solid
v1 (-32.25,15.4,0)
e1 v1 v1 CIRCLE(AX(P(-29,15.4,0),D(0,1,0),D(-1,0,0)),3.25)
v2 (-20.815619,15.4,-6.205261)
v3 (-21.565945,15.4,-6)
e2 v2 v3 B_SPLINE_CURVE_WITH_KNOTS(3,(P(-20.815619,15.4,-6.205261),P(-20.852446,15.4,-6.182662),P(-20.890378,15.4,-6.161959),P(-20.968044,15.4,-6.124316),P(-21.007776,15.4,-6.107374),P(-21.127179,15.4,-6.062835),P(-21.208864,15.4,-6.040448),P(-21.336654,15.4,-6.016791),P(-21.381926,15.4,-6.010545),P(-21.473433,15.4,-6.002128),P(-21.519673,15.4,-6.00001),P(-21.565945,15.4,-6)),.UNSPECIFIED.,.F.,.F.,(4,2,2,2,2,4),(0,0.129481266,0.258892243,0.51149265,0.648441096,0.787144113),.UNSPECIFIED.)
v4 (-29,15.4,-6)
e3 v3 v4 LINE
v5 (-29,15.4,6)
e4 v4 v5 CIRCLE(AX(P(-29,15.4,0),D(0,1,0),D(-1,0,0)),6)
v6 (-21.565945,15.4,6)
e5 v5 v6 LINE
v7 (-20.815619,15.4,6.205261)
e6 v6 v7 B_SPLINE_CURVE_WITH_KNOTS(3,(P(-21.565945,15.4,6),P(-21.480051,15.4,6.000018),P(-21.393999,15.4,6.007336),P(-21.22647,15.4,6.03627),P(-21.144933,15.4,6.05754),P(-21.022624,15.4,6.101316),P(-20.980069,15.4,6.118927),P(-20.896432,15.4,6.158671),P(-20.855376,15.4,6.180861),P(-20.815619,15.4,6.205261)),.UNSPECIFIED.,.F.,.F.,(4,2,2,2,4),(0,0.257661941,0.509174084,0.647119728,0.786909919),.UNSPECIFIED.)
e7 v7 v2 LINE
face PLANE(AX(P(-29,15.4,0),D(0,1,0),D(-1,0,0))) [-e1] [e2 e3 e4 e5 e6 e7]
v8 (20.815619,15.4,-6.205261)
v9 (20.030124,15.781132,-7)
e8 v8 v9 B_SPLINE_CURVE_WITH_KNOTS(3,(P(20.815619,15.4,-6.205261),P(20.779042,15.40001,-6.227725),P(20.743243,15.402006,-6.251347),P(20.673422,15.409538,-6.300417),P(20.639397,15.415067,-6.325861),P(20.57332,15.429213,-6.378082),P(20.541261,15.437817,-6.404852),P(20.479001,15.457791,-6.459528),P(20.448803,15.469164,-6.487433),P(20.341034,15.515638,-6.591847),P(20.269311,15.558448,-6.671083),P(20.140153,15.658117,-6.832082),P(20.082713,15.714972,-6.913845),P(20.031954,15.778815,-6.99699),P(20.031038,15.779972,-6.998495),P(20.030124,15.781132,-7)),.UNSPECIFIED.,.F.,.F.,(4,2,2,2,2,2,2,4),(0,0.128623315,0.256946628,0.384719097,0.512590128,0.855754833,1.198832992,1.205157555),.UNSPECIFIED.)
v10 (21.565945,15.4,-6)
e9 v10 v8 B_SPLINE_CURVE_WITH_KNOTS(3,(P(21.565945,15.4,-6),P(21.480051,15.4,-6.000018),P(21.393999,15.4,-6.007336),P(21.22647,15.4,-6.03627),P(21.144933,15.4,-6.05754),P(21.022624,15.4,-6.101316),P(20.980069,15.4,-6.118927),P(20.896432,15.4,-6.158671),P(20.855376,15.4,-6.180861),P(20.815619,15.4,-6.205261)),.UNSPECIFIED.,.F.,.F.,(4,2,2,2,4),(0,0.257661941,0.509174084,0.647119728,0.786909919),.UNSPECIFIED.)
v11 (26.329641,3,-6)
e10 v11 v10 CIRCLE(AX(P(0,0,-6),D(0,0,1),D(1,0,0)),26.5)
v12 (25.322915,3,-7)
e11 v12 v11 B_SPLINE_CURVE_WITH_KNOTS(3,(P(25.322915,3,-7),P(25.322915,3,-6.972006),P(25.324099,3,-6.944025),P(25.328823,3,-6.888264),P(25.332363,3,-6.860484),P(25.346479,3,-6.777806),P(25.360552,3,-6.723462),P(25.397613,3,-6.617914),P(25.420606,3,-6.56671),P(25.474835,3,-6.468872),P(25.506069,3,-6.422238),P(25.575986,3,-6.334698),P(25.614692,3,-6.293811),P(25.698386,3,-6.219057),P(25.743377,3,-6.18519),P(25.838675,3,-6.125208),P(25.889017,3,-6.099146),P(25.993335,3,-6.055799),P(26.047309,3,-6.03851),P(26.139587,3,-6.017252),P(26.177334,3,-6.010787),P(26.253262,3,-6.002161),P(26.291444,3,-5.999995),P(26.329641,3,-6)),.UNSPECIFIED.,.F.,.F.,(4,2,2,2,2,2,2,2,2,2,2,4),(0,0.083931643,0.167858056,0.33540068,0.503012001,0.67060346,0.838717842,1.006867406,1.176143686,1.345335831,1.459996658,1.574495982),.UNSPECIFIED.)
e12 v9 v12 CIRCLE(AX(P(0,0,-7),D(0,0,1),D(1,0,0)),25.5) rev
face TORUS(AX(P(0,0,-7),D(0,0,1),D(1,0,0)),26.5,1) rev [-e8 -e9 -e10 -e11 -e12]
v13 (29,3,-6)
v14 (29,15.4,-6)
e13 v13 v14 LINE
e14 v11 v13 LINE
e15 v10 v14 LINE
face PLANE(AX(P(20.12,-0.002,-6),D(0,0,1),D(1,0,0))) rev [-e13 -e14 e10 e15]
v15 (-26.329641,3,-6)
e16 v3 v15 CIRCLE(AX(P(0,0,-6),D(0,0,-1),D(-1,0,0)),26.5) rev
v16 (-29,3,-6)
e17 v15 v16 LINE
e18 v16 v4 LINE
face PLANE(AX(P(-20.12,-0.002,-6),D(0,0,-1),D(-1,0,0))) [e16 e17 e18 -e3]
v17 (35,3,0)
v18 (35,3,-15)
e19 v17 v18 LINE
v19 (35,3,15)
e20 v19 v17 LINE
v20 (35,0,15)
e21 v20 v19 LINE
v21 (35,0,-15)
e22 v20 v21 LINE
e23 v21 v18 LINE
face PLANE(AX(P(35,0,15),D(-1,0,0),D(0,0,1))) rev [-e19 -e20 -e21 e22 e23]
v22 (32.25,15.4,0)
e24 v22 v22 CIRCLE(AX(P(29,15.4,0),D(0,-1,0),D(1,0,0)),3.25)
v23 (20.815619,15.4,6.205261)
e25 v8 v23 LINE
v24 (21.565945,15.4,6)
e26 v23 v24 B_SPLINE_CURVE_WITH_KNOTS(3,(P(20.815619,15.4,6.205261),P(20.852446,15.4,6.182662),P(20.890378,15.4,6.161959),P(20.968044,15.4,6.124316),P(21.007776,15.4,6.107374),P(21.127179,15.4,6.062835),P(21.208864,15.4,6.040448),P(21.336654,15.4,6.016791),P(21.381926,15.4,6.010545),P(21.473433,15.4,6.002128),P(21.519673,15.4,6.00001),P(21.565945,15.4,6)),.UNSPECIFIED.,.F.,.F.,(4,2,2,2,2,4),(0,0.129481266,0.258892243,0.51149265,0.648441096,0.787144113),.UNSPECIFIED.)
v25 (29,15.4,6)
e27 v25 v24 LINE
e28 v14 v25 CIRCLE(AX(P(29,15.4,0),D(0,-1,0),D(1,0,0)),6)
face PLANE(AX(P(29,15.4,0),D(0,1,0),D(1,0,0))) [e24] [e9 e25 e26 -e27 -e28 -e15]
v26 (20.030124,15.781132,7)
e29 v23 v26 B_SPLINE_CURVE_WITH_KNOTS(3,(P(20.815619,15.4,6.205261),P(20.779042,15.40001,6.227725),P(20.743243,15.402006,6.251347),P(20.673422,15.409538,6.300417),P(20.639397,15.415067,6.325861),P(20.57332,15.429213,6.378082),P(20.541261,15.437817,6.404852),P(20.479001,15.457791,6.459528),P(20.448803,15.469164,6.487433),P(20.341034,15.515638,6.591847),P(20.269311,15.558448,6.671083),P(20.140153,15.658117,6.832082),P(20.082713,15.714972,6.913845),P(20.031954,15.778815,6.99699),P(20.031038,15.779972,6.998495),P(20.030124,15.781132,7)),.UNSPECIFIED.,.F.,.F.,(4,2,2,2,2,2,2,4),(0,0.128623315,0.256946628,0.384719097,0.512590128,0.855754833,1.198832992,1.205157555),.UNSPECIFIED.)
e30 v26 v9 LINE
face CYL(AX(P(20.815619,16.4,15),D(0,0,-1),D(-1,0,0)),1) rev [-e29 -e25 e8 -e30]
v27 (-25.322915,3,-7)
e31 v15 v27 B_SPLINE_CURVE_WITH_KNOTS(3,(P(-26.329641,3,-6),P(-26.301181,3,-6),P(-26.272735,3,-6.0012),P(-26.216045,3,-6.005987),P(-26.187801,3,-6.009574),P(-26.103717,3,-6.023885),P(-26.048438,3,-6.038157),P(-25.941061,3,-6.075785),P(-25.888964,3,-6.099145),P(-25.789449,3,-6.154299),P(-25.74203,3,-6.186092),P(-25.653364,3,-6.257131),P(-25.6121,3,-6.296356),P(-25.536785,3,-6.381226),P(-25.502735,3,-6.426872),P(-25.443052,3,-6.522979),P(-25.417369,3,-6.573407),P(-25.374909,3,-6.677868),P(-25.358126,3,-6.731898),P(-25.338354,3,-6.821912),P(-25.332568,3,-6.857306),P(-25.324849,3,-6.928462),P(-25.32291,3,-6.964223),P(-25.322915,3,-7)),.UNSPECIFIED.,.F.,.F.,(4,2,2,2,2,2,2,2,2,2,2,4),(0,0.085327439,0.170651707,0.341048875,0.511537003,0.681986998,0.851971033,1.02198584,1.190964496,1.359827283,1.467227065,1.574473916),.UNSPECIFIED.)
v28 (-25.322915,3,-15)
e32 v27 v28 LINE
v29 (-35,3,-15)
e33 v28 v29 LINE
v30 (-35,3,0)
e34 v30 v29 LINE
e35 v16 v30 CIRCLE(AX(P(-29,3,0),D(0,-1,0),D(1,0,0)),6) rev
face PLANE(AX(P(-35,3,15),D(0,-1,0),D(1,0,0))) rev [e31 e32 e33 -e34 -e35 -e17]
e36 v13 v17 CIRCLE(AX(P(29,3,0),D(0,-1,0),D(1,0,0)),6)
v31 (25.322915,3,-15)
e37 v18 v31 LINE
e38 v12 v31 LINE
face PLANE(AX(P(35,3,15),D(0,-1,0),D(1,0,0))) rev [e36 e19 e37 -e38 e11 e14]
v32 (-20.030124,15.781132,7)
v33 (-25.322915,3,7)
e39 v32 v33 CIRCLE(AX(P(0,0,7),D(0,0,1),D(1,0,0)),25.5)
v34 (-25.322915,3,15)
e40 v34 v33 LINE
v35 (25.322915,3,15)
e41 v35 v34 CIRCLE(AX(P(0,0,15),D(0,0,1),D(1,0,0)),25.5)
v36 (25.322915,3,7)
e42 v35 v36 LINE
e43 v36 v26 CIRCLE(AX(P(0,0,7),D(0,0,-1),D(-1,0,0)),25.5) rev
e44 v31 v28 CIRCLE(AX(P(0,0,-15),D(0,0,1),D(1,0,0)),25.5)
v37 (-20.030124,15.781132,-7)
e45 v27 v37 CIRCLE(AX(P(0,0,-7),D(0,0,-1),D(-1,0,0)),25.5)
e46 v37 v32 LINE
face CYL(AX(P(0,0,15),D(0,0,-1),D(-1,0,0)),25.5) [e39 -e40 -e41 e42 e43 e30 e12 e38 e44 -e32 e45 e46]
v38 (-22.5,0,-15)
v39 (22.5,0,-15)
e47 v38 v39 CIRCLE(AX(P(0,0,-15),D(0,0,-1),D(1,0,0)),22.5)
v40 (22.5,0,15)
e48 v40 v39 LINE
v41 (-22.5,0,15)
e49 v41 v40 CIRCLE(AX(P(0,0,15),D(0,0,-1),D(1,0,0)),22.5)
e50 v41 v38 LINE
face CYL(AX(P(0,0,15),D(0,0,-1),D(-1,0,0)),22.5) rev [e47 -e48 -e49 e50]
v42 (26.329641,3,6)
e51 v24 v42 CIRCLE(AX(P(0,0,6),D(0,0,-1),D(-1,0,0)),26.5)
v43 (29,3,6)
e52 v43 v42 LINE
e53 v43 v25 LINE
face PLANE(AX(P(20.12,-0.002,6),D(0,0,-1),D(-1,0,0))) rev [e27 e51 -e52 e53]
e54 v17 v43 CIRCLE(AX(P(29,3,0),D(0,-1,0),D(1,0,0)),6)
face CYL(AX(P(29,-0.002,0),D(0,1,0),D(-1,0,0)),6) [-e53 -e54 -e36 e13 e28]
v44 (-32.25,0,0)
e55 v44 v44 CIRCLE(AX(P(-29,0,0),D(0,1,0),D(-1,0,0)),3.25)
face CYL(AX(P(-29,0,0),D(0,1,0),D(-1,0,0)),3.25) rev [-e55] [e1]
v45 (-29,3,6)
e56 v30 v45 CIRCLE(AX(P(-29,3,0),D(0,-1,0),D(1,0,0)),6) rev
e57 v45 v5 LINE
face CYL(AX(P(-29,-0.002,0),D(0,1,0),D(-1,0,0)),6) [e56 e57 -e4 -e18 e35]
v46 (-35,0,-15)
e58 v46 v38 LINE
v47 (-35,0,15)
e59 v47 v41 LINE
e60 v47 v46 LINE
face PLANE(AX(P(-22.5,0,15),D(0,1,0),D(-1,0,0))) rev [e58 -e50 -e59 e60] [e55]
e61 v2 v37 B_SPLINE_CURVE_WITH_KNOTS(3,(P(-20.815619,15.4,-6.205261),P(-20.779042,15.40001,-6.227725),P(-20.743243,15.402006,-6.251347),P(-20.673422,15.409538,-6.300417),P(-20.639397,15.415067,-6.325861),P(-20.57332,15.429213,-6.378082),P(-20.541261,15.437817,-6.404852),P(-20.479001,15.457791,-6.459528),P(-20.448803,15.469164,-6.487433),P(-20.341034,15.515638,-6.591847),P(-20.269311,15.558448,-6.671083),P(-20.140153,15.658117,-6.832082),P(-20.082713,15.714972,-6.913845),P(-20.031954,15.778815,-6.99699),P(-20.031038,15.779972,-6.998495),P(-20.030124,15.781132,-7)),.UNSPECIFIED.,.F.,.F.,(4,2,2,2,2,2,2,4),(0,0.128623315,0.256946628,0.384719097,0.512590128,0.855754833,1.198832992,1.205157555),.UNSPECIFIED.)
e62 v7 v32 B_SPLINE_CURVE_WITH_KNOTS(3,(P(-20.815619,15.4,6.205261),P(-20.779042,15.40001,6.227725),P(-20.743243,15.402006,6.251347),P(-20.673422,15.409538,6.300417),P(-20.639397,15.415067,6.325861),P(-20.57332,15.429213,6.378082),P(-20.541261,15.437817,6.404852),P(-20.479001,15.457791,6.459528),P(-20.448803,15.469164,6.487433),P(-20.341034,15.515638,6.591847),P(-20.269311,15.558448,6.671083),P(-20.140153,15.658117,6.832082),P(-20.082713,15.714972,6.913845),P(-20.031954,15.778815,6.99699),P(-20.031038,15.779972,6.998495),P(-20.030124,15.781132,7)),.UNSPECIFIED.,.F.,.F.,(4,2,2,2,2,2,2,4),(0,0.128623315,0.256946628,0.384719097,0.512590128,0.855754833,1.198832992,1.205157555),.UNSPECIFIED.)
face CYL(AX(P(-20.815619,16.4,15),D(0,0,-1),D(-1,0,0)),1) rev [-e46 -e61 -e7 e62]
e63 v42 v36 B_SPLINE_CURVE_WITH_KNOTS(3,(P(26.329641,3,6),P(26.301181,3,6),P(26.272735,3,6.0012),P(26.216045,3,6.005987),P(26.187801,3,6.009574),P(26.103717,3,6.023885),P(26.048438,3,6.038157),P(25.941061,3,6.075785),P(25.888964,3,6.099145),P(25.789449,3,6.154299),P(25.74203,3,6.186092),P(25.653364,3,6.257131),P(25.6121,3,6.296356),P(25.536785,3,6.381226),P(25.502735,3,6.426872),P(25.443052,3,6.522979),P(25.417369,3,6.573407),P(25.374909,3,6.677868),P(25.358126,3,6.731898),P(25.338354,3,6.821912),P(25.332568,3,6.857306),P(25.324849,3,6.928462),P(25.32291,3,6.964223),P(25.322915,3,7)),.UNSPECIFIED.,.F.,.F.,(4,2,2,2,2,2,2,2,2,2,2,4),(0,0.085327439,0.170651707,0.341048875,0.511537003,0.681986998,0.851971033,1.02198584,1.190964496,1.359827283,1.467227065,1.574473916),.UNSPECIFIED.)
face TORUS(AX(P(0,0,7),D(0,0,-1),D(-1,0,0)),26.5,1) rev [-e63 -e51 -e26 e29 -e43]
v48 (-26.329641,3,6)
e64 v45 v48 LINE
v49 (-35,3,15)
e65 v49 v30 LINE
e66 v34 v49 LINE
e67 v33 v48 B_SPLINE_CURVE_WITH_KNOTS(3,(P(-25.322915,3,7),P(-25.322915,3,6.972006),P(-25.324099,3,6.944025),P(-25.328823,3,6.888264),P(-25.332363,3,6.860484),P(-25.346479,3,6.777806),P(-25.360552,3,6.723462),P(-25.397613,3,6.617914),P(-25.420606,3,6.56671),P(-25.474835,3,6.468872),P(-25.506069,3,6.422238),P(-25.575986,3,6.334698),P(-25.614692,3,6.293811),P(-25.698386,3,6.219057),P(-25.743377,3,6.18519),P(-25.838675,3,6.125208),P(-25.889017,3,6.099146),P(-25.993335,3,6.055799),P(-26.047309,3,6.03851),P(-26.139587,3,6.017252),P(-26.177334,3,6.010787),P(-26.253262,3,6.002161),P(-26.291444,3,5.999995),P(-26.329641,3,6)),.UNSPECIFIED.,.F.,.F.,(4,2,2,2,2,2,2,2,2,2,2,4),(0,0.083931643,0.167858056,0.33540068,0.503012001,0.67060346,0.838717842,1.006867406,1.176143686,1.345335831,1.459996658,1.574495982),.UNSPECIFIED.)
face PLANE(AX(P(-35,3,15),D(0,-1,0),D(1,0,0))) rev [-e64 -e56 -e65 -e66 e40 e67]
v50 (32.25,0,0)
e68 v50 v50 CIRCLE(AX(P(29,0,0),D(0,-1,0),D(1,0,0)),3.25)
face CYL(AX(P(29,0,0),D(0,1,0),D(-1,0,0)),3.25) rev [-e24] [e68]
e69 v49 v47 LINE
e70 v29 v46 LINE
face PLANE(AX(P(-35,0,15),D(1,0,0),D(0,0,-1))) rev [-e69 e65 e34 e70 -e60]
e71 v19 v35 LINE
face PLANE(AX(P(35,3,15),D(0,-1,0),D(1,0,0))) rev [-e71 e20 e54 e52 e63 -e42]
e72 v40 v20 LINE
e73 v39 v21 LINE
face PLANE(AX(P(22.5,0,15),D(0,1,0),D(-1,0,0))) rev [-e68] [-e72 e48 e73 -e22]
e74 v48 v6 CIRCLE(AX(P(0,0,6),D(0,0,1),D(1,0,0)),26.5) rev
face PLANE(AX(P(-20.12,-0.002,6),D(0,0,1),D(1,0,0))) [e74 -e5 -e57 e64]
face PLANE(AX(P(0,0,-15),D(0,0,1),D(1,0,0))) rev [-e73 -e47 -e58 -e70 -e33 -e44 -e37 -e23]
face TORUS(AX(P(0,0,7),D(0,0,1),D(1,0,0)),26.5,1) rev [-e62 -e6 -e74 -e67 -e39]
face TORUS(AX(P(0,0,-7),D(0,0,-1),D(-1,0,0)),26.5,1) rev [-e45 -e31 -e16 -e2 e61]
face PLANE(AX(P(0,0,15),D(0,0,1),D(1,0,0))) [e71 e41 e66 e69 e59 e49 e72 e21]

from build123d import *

# Parameters (mm, degrees)
BOSS_EXTRUDE1_DEPTH = 15
BOSS_EXTRUDE2_REACH = 43.075
SKETCH3_R           = 3.25
CUT_EXTRUDE1_DEPTH  = 42.075053256
FILLET1_R           = 1
FILLET2_R           = 1


with BuildPart() as part:
    # Sketch1 → Boss-Extrude1 (new, symmetric)
    with BuildSketch(Plane.XY):
        with BuildLine():
            Line((-22.5, 0), (-35, 0))
            Line((-35, 0), (-35, 3))
            Line((-35, 3), (-25.322914524, 3))
            ThreePointArc((-25.322914524, 3), (0, 25.5), (25.322914524, 3))
            Line((25.322914524, 3), (35, 3))
            Line((35, 3), (35, 0))
            Line((35, 0), (22.5, 0))
            ThreePointArc((22.5, 0), (0, 22.5), (-22.5, 0))
        make_face()
    extrude(amount=BOSS_EXTRUDE1_DEPTH, both=True)

    # Sketch2 → Boss-Extrude2 (add, up to next)
    with BuildSketch(Plane(origin=(0, 15.4, 0), x_dir=(1, 0, 0), z_dir=(0, 1, 0)), mode=Mode.PRIVATE) as boss_extrude2_sk1:
        with BuildLine():
            Line((-20.12, 6), (-20.12, -6))
            Line((-20.12, -6), (-29, -6))
            ThreePointArc((-29, -6), (-35, 0), (-29, 6))
            Line((-29, 6), (-20.12, 6))
        make_face()
    boss_extrude2_tool1 = extrude(boss_extrude2_sk1.sketch, amount=-BOSS_EXTRUDE2_REACH, mode=Mode.PRIVATE) - part.part
    boss_extrude2 = boss_extrude2_tool1.solids().sort_by_distance((-26.982165, 15.4, 0))[0]
    add(boss_extrude2)

    # Sketch3 → Cut-Extrude1 (cut, through all)
    with BuildSketch(Plane(origin=(0, 15.4, 0), x_dir=(1, 0, 0), z_dir=(0, 1, 0))):
        with Locations(Location((-29, 0, 0), (0, 0, 180))):
            Circle(SKETCH3_R)
    cut_extrude1 = extrude(amount=-CUT_EXTRUDE1_DEPTH, mode=Mode.SUBTRACT)

    # Mirror1: Boss-Extrude2, Cut-Extrude1 across plane
    add(boss_extrude2.mirror(Plane(origin=(0, 0, 0), x_dir=(0, 0, 1), z_dir=(1, 0, 0))))
    add(cut_extrude1.mirror(Plane(origin=(0, 0, 0), x_dir=(0, 0, 1), z_dir=(1, 0, 0))), mode=Mode.SUBTRACT)

    # Fillet1
    fillet1_edges = [part.edges().sort_by_distance(p)[0] for p in [
        (23.65088269, 9.533401701, -6),
        (23.65088269, 9.533401701, 6),
        (20.324615618, 15.4, 0),
    ]]
    fillet(fillet1_edges, radius=FILLET1_R)

    # Fillet2
    fillet2_edges = [part.edges().sort_by_distance(p)[0] for p in [
        (-23.65088269, 9.533401701, -6),
        (-23.65088269, 9.533401701, 6),
        (-20.324615618, 15.4, 0),
    ]]
    fillet(fillet2_edges, radius=FILLET2_R)


solid = part.part
